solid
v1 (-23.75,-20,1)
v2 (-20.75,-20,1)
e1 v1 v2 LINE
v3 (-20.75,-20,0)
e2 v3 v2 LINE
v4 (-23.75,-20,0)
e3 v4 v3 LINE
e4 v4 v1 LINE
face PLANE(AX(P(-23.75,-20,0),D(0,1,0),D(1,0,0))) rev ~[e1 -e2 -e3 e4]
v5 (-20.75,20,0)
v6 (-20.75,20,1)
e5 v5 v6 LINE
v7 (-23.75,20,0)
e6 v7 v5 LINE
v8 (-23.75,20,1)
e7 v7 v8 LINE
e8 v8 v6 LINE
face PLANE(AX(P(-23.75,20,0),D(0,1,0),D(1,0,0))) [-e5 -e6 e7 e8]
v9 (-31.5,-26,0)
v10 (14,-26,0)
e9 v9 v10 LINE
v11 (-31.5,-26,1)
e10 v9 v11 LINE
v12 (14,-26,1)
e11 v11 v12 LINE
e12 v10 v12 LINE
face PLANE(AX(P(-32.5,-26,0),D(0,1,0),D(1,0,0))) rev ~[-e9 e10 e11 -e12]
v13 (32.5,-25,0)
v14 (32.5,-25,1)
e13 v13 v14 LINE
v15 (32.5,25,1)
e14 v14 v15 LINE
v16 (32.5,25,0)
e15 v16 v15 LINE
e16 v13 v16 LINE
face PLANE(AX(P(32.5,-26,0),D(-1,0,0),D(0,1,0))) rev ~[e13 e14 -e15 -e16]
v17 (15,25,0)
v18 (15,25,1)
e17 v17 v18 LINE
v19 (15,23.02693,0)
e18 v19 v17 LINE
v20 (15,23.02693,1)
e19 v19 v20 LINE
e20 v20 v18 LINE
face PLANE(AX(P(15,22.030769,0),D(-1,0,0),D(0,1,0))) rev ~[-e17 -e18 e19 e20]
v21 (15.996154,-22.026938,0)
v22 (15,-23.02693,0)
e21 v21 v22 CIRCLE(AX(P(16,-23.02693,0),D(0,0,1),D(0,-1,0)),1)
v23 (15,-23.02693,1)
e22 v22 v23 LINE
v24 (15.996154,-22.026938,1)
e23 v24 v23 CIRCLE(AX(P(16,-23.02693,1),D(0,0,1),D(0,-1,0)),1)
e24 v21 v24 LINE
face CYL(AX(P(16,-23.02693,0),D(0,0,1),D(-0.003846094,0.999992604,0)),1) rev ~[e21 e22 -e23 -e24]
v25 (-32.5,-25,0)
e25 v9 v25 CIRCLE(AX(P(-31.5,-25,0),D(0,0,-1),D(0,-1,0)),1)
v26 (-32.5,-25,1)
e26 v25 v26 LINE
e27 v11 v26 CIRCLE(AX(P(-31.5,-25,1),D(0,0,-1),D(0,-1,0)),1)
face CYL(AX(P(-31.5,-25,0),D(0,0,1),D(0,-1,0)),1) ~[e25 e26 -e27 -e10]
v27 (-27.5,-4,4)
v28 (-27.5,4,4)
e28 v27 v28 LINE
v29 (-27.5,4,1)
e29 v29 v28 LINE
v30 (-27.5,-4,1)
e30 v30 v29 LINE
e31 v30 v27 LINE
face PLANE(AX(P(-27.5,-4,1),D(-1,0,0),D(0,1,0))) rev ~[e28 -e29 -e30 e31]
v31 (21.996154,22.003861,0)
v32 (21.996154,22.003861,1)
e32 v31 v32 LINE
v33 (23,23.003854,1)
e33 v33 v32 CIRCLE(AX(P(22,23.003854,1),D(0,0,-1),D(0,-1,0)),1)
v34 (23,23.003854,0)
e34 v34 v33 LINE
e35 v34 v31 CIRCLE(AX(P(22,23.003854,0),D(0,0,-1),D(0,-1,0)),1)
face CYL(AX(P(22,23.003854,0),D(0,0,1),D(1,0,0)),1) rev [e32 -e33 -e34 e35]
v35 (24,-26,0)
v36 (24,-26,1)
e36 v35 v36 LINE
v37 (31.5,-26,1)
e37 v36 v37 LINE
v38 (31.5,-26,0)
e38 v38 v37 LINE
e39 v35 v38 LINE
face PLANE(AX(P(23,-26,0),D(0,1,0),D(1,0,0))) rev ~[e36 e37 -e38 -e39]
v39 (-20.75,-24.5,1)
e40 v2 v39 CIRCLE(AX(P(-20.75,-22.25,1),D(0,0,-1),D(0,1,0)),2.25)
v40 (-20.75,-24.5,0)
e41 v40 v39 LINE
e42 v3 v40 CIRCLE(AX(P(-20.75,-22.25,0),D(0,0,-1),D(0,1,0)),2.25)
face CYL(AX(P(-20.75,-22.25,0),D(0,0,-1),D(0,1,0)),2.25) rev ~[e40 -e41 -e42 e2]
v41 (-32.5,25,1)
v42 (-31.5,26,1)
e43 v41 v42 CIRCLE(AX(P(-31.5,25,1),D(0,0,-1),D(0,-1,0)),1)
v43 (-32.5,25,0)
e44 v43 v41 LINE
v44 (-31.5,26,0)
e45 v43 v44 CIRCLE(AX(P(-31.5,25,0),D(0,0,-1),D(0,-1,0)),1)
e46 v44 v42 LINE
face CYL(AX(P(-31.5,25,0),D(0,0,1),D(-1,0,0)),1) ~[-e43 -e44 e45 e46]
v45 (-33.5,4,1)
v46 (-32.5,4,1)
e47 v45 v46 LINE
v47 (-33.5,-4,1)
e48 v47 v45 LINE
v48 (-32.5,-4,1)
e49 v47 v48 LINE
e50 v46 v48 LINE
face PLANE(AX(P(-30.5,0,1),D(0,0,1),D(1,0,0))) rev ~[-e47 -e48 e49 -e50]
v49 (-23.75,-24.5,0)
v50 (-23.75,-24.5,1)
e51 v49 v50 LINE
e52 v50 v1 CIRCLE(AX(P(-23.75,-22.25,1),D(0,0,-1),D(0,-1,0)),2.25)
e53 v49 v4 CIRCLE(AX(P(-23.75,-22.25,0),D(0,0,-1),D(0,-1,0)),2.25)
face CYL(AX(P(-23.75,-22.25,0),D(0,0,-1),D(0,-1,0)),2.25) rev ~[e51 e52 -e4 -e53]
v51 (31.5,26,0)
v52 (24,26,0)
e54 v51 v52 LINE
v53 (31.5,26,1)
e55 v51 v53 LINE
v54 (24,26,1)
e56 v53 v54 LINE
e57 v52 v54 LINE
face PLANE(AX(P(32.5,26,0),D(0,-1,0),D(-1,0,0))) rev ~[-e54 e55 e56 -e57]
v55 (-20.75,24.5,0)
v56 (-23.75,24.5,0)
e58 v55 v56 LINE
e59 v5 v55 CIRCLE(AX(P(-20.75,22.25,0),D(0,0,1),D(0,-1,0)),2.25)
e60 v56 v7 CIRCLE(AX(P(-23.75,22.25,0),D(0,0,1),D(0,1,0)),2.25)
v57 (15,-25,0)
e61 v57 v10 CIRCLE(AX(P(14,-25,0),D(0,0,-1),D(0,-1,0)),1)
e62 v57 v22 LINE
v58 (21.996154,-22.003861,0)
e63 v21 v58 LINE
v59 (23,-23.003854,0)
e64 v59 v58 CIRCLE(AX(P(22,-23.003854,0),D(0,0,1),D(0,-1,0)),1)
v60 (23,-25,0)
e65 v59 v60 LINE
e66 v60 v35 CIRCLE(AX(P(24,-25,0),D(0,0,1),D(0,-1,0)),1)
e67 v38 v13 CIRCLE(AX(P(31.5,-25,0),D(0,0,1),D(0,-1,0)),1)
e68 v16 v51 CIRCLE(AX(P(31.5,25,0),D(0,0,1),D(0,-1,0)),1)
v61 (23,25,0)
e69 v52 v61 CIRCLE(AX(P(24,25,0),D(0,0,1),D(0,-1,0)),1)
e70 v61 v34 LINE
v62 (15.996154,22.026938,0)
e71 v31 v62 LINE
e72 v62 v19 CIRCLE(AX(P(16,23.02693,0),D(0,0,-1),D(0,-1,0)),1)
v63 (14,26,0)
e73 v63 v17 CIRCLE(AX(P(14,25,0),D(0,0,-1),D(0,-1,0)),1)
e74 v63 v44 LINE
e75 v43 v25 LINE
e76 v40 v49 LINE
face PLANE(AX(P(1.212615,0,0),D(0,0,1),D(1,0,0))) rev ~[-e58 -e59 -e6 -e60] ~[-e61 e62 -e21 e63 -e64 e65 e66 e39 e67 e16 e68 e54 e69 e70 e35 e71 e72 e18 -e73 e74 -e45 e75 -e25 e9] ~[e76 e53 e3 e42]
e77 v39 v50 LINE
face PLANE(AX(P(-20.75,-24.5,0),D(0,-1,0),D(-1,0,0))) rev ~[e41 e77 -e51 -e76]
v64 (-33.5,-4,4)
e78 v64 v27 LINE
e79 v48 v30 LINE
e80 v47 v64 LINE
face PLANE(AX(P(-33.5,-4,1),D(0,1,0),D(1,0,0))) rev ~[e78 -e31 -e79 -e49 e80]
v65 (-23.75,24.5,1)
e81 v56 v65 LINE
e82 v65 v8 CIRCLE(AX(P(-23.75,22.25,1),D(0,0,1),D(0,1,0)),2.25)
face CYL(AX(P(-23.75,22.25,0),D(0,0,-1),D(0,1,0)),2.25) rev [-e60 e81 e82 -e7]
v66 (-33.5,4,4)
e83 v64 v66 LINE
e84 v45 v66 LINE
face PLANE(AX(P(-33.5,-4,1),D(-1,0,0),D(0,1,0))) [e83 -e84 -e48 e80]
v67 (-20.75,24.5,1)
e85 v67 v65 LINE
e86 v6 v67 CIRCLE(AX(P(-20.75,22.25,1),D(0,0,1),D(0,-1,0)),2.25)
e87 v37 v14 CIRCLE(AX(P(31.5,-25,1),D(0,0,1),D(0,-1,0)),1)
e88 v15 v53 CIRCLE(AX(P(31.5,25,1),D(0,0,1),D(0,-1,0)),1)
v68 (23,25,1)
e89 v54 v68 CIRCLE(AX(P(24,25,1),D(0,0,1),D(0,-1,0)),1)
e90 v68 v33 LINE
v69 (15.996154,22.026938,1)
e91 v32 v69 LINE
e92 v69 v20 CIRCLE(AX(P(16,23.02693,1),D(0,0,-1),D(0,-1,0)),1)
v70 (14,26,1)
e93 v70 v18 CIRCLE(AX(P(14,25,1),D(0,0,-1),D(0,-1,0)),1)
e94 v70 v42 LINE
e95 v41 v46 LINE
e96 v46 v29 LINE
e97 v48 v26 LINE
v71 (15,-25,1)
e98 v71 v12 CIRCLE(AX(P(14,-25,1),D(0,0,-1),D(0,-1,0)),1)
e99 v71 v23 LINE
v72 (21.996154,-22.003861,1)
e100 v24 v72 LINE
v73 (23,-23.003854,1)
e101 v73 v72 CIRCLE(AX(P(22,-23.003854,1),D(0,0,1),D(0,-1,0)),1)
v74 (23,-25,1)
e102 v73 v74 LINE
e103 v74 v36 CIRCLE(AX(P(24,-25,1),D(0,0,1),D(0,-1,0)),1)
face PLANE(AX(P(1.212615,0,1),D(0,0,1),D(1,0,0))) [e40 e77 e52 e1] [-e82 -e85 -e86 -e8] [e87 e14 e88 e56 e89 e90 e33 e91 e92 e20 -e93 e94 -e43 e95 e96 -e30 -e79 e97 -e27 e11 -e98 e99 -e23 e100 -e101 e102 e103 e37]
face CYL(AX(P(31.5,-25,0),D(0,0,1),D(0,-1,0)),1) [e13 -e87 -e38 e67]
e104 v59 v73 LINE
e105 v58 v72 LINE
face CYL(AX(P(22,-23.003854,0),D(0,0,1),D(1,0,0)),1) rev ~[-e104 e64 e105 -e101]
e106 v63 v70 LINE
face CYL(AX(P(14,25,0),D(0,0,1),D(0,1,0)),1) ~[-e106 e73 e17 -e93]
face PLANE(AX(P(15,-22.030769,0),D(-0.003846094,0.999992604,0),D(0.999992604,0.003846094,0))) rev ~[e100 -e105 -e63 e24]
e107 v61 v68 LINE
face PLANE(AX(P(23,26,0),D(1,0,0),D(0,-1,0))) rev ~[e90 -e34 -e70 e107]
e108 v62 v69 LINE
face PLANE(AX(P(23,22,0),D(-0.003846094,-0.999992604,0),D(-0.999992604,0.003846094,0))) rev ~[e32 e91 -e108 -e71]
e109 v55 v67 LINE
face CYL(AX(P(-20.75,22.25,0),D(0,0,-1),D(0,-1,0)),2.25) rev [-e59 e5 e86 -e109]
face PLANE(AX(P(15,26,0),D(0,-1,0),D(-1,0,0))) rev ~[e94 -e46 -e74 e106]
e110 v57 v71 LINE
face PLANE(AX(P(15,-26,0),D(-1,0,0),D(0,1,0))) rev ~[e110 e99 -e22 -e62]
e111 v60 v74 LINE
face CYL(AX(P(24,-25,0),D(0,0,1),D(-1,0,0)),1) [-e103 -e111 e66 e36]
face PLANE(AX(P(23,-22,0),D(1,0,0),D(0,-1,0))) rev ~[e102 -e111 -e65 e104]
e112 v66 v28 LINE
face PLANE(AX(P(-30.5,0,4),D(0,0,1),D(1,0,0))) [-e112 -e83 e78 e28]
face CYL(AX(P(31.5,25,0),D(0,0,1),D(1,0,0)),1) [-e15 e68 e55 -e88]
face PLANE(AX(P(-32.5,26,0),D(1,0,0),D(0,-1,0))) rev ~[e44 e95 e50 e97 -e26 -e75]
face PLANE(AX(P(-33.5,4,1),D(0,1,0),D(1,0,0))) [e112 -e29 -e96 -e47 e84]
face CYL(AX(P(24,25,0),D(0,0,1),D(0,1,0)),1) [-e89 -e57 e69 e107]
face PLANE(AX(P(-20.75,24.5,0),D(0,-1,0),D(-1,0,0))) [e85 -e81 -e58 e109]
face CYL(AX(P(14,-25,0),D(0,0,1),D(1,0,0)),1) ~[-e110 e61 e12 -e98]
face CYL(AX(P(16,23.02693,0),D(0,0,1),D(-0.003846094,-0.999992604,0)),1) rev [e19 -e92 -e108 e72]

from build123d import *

# Parameters (mm, degrees)
EXTRUDE_1_DEPTH = 1
FILLET_1_R      = 1
SKETCH_2_W      = 6
SKETCH_2_H      = 8
EXTRUDE_2_DEPTH = 3


with BuildPart() as part:
    # Эскиз1 → Бобышка-Вытянуть1 (new body)
    with BuildSketch(Plane.XY):
        Polygon((23, -22), (23, -26), (32.5, -26), (32.5, 26), (23, 26), (23, 22), (15, 22.030768978), (15, 26), (-32.5, 26), (-32.5, -26), (15, -26), (15, -22.030768978), align=None)
        with BuildLine():
            ThreePointArc((-20.75, 20), (-18.5, 22.25), (-20.75, 24.5))
            Line((-20.75, 24.5), (-23.75, 24.5))
            ThreePointArc((-23.75, 24.5), (-26, 22.25), (-23.75, 20))
            Line((-23.75, 20), (-20.75, 20))
        make_face(mode=Mode.SUBTRACT)
        with BuildLine():
            Line((-23.75, -20), (-20.75, -20))
            ThreePointArc((-20.75, -20), (-18.5, -22.25), (-20.75, -24.5))
            Line((-20.75, -24.5), (-23.75, -24.5))
            ThreePointArc((-23.75, -24.5), (-26, -22.25), (-23.75, -20))
        make_face(mode=Mode.SUBTRACT)
    extrude(amount=EXTRUDE_1_DEPTH)

    # Скругление1
    fillet_1_edges = [part.edges().sort_by_distance(p)[0] for p in [
        (23, -22, 0.5),
        (15, -22.030768978, 0.5),
        (15, -26, 0.5),
        (-32.5, -26, 0.5),
        (-32.5, 26, 0.5),
        (15, 26, 0.5),
        (15, 22.030768978, 0.5),
        (23, 22, 0.5),
        (23, 26, 0.5),
        (32.5, 26, 0.5),
        (32.5, -26, 0.5),
        (23, -26, 0.5),
    ]]
    fillet(fillet_1_edges, radius=FILLET_1_R)

    # Эскиз2 → Бобышка-Вытянуть2 (add)
    with BuildSketch(Plane.XY.offset(1)):
        with Locations((-30.5, 0)):
            Rectangle(SKETCH_2_W, SKETCH_2_H)
    extrude(amount=EXTRUDE_2_DEPTH)


solid = part.part
